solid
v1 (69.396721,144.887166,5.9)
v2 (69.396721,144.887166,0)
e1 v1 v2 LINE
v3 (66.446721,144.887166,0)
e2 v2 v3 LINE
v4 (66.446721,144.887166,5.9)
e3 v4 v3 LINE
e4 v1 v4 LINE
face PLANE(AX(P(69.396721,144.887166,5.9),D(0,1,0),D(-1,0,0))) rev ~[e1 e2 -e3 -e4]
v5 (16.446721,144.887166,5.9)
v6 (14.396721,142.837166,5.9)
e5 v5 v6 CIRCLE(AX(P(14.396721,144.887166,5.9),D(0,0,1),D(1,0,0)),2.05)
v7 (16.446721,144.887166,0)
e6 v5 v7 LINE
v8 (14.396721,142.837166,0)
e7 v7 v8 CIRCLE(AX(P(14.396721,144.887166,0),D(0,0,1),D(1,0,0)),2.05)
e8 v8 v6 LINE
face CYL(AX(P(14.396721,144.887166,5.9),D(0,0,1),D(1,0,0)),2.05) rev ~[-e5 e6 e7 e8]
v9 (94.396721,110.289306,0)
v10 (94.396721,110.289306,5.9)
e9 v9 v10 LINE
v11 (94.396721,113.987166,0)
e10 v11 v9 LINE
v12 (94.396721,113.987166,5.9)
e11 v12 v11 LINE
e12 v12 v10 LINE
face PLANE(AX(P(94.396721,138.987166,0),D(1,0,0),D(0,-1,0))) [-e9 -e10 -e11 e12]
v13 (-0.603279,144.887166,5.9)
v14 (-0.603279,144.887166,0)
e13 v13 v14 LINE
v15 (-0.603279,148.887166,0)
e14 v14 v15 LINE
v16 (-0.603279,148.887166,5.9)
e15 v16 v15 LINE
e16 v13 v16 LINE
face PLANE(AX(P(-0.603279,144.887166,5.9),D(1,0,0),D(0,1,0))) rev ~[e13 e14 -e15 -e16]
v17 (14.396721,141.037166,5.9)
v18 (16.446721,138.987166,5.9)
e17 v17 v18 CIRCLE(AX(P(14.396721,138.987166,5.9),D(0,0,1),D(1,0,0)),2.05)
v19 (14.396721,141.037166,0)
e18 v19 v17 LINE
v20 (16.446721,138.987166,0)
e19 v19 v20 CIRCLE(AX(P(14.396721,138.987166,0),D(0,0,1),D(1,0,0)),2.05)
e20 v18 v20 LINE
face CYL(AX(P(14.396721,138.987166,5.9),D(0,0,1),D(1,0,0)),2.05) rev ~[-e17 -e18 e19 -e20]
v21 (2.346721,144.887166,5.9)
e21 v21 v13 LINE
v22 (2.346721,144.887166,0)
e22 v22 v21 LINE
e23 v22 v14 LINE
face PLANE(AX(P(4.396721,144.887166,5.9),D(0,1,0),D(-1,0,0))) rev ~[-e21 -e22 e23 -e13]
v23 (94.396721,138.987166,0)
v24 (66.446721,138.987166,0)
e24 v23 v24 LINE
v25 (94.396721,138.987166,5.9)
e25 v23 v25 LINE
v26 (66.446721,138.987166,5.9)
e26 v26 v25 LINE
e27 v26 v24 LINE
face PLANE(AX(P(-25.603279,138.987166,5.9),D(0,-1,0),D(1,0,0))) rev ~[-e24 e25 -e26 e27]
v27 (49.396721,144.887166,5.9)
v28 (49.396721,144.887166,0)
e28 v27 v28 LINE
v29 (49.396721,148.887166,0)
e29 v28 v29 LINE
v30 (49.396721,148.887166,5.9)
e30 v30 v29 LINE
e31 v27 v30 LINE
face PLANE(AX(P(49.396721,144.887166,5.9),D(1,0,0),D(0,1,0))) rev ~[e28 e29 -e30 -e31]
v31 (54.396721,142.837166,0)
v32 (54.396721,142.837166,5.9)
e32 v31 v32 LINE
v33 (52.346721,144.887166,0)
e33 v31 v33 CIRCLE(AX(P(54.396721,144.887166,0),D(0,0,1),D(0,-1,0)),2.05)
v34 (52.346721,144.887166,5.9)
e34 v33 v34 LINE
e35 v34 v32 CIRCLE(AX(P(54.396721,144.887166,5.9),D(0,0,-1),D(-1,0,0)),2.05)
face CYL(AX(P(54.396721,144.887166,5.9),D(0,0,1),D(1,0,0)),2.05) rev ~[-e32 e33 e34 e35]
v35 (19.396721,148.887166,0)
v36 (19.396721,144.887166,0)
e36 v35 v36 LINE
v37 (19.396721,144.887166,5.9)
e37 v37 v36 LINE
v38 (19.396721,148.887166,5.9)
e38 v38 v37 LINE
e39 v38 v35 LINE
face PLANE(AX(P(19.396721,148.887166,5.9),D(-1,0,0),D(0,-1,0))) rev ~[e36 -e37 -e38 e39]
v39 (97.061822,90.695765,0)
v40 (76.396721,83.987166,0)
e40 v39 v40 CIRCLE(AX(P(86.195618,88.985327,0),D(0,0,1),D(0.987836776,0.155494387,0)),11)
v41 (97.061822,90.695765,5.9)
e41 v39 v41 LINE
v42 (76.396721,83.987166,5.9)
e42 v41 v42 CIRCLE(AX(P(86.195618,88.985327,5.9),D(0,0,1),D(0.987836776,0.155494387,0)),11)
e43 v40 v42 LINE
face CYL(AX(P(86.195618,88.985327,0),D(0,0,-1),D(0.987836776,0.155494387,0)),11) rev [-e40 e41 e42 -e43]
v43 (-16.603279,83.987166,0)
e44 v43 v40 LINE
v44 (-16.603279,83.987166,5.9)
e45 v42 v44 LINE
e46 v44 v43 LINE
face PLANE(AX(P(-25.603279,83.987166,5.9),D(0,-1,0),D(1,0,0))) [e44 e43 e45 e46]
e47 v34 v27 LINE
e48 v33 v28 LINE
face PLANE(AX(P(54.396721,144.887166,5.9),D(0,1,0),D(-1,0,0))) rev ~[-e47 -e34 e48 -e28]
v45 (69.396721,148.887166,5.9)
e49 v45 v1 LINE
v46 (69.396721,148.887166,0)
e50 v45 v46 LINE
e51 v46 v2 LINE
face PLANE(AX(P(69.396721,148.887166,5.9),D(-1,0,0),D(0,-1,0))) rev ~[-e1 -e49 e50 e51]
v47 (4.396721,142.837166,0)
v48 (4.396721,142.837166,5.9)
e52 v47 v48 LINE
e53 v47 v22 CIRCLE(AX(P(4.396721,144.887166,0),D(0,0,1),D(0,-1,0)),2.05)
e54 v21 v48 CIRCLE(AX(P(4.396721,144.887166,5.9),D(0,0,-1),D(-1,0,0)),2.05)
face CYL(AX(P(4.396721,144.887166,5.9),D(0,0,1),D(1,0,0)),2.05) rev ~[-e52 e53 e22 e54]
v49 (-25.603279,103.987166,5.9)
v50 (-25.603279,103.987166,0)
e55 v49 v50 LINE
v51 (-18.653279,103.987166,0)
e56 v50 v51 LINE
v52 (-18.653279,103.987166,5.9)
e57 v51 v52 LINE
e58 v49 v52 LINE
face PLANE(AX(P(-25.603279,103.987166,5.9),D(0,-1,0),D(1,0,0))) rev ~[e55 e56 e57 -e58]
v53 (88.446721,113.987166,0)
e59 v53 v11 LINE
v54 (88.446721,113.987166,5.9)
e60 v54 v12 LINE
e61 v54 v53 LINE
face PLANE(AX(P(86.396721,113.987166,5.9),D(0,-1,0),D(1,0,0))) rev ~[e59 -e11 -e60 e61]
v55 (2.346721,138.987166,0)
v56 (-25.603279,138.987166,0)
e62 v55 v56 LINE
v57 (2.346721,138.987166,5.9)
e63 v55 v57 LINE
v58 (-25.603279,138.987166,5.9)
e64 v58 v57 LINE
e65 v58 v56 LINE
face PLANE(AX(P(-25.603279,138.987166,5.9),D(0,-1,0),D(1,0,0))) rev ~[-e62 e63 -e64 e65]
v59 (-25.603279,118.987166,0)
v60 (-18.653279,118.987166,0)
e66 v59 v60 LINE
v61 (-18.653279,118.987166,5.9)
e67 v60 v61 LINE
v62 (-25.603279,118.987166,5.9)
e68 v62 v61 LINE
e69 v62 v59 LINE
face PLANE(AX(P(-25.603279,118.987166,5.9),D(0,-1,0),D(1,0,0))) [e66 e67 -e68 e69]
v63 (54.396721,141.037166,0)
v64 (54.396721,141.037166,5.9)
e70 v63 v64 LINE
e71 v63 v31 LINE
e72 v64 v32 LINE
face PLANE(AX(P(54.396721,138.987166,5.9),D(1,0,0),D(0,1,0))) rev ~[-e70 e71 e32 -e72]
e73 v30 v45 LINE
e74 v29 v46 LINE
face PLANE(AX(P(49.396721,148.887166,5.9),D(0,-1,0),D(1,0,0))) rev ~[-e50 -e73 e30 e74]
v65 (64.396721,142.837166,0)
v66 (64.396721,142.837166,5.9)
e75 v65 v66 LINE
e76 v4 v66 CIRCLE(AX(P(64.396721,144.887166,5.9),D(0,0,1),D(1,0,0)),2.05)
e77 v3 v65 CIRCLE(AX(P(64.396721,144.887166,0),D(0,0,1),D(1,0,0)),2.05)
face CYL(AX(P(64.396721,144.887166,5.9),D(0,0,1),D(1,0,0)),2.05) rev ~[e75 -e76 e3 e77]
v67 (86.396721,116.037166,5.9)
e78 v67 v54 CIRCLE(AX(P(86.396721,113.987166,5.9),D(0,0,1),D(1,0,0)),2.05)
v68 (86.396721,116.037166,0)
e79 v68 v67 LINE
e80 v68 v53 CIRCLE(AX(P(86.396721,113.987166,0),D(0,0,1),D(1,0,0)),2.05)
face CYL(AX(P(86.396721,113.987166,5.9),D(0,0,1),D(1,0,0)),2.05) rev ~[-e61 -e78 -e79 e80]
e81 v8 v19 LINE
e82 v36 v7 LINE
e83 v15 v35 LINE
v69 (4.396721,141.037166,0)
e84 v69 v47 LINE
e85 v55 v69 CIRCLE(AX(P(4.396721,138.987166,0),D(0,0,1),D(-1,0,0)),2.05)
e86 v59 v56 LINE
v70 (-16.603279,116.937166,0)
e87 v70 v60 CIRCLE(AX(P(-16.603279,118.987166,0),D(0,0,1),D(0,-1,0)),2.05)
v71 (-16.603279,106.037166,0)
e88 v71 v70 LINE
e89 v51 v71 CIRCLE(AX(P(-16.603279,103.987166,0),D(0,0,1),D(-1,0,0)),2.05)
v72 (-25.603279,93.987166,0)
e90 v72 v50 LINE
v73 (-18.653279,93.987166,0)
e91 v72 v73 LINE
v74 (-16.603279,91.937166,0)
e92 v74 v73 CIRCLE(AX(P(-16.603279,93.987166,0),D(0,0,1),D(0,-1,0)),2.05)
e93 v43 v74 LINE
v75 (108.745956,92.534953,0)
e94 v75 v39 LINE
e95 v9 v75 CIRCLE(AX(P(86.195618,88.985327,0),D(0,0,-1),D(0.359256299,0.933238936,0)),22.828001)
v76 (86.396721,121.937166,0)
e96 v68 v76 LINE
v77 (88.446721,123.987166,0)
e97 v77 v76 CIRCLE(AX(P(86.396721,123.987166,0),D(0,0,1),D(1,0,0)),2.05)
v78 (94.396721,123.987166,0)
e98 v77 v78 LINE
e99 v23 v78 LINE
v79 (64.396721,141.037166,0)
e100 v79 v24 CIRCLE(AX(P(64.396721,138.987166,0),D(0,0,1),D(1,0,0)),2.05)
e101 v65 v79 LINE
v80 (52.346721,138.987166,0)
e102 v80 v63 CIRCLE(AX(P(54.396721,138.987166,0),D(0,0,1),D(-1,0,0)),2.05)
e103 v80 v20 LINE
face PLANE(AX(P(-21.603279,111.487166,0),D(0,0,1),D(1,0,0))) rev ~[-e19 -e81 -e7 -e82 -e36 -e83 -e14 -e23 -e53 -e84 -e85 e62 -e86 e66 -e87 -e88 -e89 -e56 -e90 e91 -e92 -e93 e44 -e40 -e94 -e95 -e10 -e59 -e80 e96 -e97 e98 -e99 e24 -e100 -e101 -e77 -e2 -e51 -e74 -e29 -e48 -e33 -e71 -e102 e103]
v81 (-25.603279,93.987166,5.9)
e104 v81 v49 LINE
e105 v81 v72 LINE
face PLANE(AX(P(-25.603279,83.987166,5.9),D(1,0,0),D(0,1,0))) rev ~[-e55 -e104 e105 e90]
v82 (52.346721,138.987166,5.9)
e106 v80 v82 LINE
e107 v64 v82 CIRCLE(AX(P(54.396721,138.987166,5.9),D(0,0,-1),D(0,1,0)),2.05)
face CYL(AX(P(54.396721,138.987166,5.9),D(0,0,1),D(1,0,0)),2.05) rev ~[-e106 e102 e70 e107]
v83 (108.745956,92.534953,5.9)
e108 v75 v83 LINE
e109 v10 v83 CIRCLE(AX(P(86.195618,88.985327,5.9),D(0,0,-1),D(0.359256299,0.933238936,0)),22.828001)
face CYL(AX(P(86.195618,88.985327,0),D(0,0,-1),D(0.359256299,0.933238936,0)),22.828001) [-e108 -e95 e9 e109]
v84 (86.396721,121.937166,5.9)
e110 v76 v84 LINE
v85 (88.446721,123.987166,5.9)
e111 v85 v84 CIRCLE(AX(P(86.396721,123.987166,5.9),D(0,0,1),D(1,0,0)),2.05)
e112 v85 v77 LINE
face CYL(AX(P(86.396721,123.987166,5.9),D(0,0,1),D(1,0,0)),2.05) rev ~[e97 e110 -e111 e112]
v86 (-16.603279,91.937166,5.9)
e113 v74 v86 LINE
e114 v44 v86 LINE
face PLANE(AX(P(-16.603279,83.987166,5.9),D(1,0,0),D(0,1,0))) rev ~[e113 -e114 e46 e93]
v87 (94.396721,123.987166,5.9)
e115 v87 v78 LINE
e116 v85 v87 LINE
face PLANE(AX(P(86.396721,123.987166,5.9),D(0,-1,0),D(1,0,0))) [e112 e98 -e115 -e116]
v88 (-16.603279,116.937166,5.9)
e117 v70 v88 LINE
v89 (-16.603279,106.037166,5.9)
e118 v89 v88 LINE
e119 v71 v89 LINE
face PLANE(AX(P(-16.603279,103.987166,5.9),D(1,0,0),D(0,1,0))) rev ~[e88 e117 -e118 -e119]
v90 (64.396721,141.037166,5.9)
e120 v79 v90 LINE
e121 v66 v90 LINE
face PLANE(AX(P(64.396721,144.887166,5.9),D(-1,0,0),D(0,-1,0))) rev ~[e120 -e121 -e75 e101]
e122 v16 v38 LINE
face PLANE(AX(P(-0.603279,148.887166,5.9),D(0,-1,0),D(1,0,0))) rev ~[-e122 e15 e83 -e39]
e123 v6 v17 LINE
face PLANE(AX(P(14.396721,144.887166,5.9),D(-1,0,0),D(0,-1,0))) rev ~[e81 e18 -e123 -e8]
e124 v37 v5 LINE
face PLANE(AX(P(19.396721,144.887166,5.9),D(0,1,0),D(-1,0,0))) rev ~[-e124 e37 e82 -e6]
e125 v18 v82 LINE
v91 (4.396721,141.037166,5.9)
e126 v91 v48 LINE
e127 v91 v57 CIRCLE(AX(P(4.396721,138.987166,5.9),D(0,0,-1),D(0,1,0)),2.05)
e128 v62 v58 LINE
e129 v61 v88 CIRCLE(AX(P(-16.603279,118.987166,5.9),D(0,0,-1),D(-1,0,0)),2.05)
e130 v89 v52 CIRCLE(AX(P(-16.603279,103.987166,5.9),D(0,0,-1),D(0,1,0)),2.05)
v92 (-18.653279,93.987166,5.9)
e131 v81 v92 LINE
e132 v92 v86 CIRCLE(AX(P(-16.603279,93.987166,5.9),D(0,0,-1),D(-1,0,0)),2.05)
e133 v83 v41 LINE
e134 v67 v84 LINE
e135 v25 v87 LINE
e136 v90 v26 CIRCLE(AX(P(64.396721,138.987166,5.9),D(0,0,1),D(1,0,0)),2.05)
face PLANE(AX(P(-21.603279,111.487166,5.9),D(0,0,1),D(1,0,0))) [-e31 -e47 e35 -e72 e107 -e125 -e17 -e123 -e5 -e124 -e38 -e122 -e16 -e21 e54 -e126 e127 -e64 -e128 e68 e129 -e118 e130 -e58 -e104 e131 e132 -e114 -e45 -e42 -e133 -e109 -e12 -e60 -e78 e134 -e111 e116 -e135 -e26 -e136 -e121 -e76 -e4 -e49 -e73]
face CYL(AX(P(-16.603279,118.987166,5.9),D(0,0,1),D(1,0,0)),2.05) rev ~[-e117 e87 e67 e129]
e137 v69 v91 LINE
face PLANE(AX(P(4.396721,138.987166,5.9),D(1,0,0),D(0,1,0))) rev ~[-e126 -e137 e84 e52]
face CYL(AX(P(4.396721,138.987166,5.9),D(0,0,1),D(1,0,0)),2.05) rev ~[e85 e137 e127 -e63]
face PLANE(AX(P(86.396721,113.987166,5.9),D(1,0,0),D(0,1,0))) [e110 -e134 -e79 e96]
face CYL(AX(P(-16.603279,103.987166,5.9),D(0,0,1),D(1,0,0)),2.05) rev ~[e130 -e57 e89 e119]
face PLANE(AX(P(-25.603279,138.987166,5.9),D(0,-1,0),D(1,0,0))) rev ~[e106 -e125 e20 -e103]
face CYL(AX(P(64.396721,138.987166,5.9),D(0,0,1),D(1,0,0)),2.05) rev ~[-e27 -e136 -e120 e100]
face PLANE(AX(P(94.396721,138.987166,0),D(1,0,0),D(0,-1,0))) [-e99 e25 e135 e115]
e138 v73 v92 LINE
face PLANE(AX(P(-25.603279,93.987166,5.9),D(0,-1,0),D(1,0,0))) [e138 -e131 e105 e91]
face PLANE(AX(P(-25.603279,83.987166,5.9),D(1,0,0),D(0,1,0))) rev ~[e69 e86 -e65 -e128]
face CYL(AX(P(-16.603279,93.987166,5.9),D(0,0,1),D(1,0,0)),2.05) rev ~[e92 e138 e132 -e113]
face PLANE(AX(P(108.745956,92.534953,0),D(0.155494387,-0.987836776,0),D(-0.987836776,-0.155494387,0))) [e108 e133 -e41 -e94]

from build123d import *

# Parameters (mm, degrees)
BOSS_EXTRUDE1_DEPTH = 5.9
SKETCH2_W           = 8
SKETCH2_H           = 55
BOSS_EXTRUDE2_DEPTH = 5.9
SKETCH3_W           = 9
SKETCH3_H           = 15
SKETCH3_W_2         = 8
SKETCH3_H_2         = 10
CUT_EXTRUDE1_DEPTH  = 6.9
BOSS_EXTRUDE3_DEPTH = 5.9
CUT_EXTRUDE2_REACH  = 7.9
SKETCH5_R           = 2.05


with BuildPart() as part:
    # Sketch1 → Boss-Extrude1 (new body)
    with BuildSketch(Plane.XY):
        with BuildLine():
            ThreePointArc((97.061822228, 90.695765473), (82.799132124, 99.447826237), (76.396720763, 83.987165662))
            Line((76.396720763, 83.987165662), (-17.603279237, 83.987165662))
            Line((-17.603279237, 83.987165662), (-17.603279237, 138.987165662))
            Line((-17.603279237, 138.987165662), (94.396720763, 138.987165662))
            Line((94.396720763, 138.987165662), (94.396720763, 110.289306386))
            ThreePointArc((94.396720763, 110.289306386), (103.949970876, 103.334562845), (108.745956392, 92.534953205))
            Line((108.745956392, 92.534953205), (97.061822228, 90.695765473))
        make_face()
    extrude(amount=BOSS_EXTRUDE1_DEPTH)

    # Sketch2 → Boss-Extrude2 (add)
    with BuildSketch(Plane.XY.offset(5.9)):
        with Locations((-21.603279237, 111.487165662)):
            Rectangle(SKETCH2_W, SKETCH2_H)
    extrude(amount=-BOSS_EXTRUDE2_DEPTH)

    # Sketch3 → Cut-Extrude1 (cut, through all)
    with BuildSketch(Plane.XY.offset(5.9)):
        with Locations((-21.103279237, 111.487165662)):
            Rectangle(SKETCH3_W, SKETCH3_H)
        with Locations((90.396720763, 118.987165662)):
            Rectangle(SKETCH3_W_2, SKETCH3_H_2)
        with Locations((-21.103279237, 88.987165662)):
            Rectangle(SKETCH3_W, SKETCH3_H_2)
    extrude(amount=-CUT_EXTRUDE1_DEPTH, mode=Mode.SUBTRACT)

    # Sketch4 → Boss-Extrude3 (add)
    with BuildSketch(Plane.XY.offset(5.9)):
        Polygon((4.396720763, 138.987165662), (4.396720763, 144.887165662), (-0.603279237, 144.887165662), (-0.603279237, 148.887165662), (19.396720763, 148.887165662), (19.396720763, 144.887165662), (14.396720763, 144.887165662), (14.396720763, 138.987165662), align=None)
        Polygon((49.396720763, 144.887165662), (49.396720763, 148.887165662), (69.396720763, 148.887165662), (69.396720763, 144.887165662), (64.396720763, 144.887165662), (64.396720763, 138.987165662), (54.396720763, 138.987165662), (54.396720763, 144.887165662), align=None)
    extrude(amount=-BOSS_EXTRUDE3_DEPTH)

    # Sketch5 → Cut-Extrude2 (cut, up to next)
    with BuildSketch(Plane.XY.offset(5.9), mode=Mode.PRIVATE) as cut_extrude2_sk1:
        with Locations((-16.603279237, 93.987165662)):
            Circle(SKETCH5_R)
    cut_extrude2_tool1 = extrude(cut_extrude2_sk1.sketch, amount=-CUT_EXTRUDE2_REACH, mode=Mode.PRIVATE) & part.part
    add(cut_extrude2_tool1.solids().sort_by_distance((-16.603279, 93.987166, 5.9))[0], mode=Mode.SUBTRACT)
    # Sketch5 → Cut-Extrude2 (cut, up to next)
    with BuildSketch(Plane.XY.offset(5.9), mode=Mode.PRIVATE) as cut_extrude2_sk2:
        with Locations((-16.603279237, 103.987165662)):
            Circle(SKETCH5_R)
    cut_extrude2_tool2 = extrude(cut_extrude2_sk2.sketch, amount=-CUT_EXTRUDE2_REACH, mode=Mode.PRIVATE) & part.part
    add(cut_extrude2_tool2.solids().sort_by_distance((-16.603279, 103.987166, 5.9))[0], mode=Mode.SUBTRACT)
    # Sketch5 → Cut-Extrude2 (cut, up to next)
    with BuildSketch(Plane.XY.offset(5.9), mode=Mode.PRIVATE) as cut_extrude2_sk3:
        with Locations((-16.603279237, 118.987165662)):
            Circle(SKETCH5_R)
    cut_extrude2_tool3 = extrude(cut_extrude2_sk3.sketch, amount=-CUT_EXTRUDE2_REACH, mode=Mode.PRIVATE) & part.part
    add(cut_extrude2_tool3.solids().sort_by_distance((-16.603279, 118.987166, 5.9))[0], mode=Mode.SUBTRACT)
    # Sketch5 → Cut-Extrude2 (cut, up to next)
    with BuildSketch(Plane.XY.offset(5.9), mode=Mode.PRIVATE) as cut_extrude2_sk4:
        with Locations((4.396720763, 138.987165662)):
            Circle(SKETCH5_R)
    cut_extrude2_tool4 = extrude(cut_extrude2_sk4.sketch, amount=-CUT_EXTRUDE2_REACH, mode=Mode.PRIVATE) & part.part
    add(cut_extrude2_tool4.solids().sort_by_distance((4.396721, 138.987166, 5.9))[0], mode=Mode.SUBTRACT)
    # Sketch5 → Cut-Extrude2 (cut, up to next)
    with BuildSketch(Plane.XY.offset(5.9), mode=Mode.PRIVATE) as cut_extrude2_sk5:
        with Locations((14.396720763, 138.987165662)):
            Circle(SKETCH5_R)
    cut_extrude2_tool5 = extrude(cut_extrude2_sk5.sketch, amount=-CUT_EXTRUDE2_REACH, mode=Mode.PRIVATE) & part.part
    add(cut_extrude2_tool5.solids().sort_by_distance((14.396721, 138.987166, 5.9))[0], mode=Mode.SUBTRACT)
    # Sketch5 → Cut-Extrude2 (cut, up to next)
    with BuildSketch(Plane.XY.offset(5.9), mode=Mode.PRIVATE) as cut_extrude2_sk6:
        with Locations((14.396720763, 144.887165662)):
            Circle(SKETCH5_R)
    cut_extrude2_tool6 = extrude(cut_extrude2_sk6.sketch, amount=-CUT_EXTRUDE2_REACH, mode=Mode.PRIVATE) & part.part
    add(cut_extrude2_tool6.solids().sort_by_distance((14.396721, 144.887166, 5.9))[0], mode=Mode.SUBTRACT)
    # Sketch5 → Cut-Extrude2 (cut, up to next)
    with BuildSketch(Plane.XY.offset(5.9), mode=Mode.PRIVATE) as cut_extrude2_sk7:
        with Locations((4.396720763, 144.887165662)):
            Circle(SKETCH5_R)
    cut_extrude2_tool7 = extrude(cut_extrude2_sk7.sketch, amount=-CUT_EXTRUDE2_REACH, mode=Mode.PRIVATE) & part.part
    add(cut_extrude2_tool7.solids().sort_by_distance((4.396721, 144.887166, 5.9))[0], mode=Mode.SUBTRACT)
    # Sketch5 → Cut-Extrude2 (cut, up to next)
    with BuildSketch(Plane.XY.offset(5.9), mode=Mode.PRIVATE) as cut_extrude2_sk8:
        with Locations((54.396720763, 144.887165662)):
            Circle(SKETCH5_R)
    cut_extrude2_tool8 = extrude(cut_extrude2_sk8.sketch, amount=-CUT_EXTRUDE2_REACH, mode=Mode.PRIVATE) & part.part
    add(cut_extrude2_tool8.solids().sort_by_distance((54.396721, 144.887166, 5.9))[0], mode=Mode.SUBTRACT)
    # Sketch5 → Cut-Extrude2 (cut, up to next)
    with BuildSketch(Plane.XY.offset(5.9), mode=Mode.PRIVATE) as cut_extrude2_sk9:
        with Locations((64.396720763, 144.887165662)):
            Circle(SKETCH5_R)
    cut_extrude2_tool9 = extrude(cut_extrude2_sk9.sketch, amount=-CUT_EXTRUDE2_REACH, mode=Mode.PRIVATE) & part.part
    add(cut_extrude2_tool9.solids().sort_by_distance((64.396721, 144.887166, 5.9))[0], mode=Mode.SUBTRACT)
    # Sketch5 → Cut-Extrude2 (cut, up to next)
    with BuildSketch(Plane.XY.offset(5.9), mode=Mode.PRIVATE) as cut_extrude2_sk10:
        with Locations((64.396720763, 138.987165662)):
            Circle(SKETCH5_R)
    cut_extrude2_tool10 = extrude(cut_extrude2_sk10.sketch, amount=-CUT_EXTRUDE2_REACH, mode=Mode.PRIVATE) & part.part
    add(cut_extrude2_tool10.solids().sort_by_distance((64.396721, 138.987166, 5.9))[0], mode=Mode.SUBTRACT)
    # Sketch5 → Cut-Extrude2 (cut, up to next)
    with BuildSketch(Plane.XY.offset(5.9), mode=Mode.PRIVATE) as cut_extrude2_sk11:
        with Locations((54.396720763, 138.987165662)):
            Circle(SKETCH5_R)
    cut_extrude2_tool11 = extrude(cut_extrude2_sk11.sketch, amount=-CUT_EXTRUDE2_REACH, mode=Mode.PRIVATE) & part.part
    add(cut_extrude2_tool11.solids().sort_by_distance((54.396721, 138.987166, 5.9))[0], mode=Mode.SUBTRACT)
    # Sketch5 → Cut-Extrude2 (cut, up to next)
    with BuildSketch(Plane.XY.offset(5.9), mode=Mode.PRIVATE) as cut_extrude2_sk12:
        with Locations((86.396720763, 123.987165662)):
            Circle(SKETCH5_R)
    cut_extrude2_tool12 = extrude(cut_extrude2_sk12.sketch, amount=-CUT_EXTRUDE2_REACH, mode=Mode.PRIVATE) & part.part
    add(cut_extrude2_tool12.solids().sort_by_distance((86.396721, 123.987166, 5.9))[0], mode=Mode.SUBTRACT)
    # Sketch5 → Cut-Extrude2 (cut, up to next)
    with BuildSketch(Plane.XY.offset(5.9), mode=Mode.PRIVATE) as cut_extrude2_sk13:
        with Locations((86.396720763, 113.987165662)):
            Circle(SKETCH5_R)
    cut_extrude2_tool13 = extrude(cut_extrude2_sk13.sketch, amount=-CUT_EXTRUDE2_REACH, mode=Mode.PRIVATE) & part.part
    add(cut_extrude2_tool13.solids().sort_by_distance((86.396721, 113.987166, 5.9))[0], mode=Mode.SUBTRACT)


solid = part.part
